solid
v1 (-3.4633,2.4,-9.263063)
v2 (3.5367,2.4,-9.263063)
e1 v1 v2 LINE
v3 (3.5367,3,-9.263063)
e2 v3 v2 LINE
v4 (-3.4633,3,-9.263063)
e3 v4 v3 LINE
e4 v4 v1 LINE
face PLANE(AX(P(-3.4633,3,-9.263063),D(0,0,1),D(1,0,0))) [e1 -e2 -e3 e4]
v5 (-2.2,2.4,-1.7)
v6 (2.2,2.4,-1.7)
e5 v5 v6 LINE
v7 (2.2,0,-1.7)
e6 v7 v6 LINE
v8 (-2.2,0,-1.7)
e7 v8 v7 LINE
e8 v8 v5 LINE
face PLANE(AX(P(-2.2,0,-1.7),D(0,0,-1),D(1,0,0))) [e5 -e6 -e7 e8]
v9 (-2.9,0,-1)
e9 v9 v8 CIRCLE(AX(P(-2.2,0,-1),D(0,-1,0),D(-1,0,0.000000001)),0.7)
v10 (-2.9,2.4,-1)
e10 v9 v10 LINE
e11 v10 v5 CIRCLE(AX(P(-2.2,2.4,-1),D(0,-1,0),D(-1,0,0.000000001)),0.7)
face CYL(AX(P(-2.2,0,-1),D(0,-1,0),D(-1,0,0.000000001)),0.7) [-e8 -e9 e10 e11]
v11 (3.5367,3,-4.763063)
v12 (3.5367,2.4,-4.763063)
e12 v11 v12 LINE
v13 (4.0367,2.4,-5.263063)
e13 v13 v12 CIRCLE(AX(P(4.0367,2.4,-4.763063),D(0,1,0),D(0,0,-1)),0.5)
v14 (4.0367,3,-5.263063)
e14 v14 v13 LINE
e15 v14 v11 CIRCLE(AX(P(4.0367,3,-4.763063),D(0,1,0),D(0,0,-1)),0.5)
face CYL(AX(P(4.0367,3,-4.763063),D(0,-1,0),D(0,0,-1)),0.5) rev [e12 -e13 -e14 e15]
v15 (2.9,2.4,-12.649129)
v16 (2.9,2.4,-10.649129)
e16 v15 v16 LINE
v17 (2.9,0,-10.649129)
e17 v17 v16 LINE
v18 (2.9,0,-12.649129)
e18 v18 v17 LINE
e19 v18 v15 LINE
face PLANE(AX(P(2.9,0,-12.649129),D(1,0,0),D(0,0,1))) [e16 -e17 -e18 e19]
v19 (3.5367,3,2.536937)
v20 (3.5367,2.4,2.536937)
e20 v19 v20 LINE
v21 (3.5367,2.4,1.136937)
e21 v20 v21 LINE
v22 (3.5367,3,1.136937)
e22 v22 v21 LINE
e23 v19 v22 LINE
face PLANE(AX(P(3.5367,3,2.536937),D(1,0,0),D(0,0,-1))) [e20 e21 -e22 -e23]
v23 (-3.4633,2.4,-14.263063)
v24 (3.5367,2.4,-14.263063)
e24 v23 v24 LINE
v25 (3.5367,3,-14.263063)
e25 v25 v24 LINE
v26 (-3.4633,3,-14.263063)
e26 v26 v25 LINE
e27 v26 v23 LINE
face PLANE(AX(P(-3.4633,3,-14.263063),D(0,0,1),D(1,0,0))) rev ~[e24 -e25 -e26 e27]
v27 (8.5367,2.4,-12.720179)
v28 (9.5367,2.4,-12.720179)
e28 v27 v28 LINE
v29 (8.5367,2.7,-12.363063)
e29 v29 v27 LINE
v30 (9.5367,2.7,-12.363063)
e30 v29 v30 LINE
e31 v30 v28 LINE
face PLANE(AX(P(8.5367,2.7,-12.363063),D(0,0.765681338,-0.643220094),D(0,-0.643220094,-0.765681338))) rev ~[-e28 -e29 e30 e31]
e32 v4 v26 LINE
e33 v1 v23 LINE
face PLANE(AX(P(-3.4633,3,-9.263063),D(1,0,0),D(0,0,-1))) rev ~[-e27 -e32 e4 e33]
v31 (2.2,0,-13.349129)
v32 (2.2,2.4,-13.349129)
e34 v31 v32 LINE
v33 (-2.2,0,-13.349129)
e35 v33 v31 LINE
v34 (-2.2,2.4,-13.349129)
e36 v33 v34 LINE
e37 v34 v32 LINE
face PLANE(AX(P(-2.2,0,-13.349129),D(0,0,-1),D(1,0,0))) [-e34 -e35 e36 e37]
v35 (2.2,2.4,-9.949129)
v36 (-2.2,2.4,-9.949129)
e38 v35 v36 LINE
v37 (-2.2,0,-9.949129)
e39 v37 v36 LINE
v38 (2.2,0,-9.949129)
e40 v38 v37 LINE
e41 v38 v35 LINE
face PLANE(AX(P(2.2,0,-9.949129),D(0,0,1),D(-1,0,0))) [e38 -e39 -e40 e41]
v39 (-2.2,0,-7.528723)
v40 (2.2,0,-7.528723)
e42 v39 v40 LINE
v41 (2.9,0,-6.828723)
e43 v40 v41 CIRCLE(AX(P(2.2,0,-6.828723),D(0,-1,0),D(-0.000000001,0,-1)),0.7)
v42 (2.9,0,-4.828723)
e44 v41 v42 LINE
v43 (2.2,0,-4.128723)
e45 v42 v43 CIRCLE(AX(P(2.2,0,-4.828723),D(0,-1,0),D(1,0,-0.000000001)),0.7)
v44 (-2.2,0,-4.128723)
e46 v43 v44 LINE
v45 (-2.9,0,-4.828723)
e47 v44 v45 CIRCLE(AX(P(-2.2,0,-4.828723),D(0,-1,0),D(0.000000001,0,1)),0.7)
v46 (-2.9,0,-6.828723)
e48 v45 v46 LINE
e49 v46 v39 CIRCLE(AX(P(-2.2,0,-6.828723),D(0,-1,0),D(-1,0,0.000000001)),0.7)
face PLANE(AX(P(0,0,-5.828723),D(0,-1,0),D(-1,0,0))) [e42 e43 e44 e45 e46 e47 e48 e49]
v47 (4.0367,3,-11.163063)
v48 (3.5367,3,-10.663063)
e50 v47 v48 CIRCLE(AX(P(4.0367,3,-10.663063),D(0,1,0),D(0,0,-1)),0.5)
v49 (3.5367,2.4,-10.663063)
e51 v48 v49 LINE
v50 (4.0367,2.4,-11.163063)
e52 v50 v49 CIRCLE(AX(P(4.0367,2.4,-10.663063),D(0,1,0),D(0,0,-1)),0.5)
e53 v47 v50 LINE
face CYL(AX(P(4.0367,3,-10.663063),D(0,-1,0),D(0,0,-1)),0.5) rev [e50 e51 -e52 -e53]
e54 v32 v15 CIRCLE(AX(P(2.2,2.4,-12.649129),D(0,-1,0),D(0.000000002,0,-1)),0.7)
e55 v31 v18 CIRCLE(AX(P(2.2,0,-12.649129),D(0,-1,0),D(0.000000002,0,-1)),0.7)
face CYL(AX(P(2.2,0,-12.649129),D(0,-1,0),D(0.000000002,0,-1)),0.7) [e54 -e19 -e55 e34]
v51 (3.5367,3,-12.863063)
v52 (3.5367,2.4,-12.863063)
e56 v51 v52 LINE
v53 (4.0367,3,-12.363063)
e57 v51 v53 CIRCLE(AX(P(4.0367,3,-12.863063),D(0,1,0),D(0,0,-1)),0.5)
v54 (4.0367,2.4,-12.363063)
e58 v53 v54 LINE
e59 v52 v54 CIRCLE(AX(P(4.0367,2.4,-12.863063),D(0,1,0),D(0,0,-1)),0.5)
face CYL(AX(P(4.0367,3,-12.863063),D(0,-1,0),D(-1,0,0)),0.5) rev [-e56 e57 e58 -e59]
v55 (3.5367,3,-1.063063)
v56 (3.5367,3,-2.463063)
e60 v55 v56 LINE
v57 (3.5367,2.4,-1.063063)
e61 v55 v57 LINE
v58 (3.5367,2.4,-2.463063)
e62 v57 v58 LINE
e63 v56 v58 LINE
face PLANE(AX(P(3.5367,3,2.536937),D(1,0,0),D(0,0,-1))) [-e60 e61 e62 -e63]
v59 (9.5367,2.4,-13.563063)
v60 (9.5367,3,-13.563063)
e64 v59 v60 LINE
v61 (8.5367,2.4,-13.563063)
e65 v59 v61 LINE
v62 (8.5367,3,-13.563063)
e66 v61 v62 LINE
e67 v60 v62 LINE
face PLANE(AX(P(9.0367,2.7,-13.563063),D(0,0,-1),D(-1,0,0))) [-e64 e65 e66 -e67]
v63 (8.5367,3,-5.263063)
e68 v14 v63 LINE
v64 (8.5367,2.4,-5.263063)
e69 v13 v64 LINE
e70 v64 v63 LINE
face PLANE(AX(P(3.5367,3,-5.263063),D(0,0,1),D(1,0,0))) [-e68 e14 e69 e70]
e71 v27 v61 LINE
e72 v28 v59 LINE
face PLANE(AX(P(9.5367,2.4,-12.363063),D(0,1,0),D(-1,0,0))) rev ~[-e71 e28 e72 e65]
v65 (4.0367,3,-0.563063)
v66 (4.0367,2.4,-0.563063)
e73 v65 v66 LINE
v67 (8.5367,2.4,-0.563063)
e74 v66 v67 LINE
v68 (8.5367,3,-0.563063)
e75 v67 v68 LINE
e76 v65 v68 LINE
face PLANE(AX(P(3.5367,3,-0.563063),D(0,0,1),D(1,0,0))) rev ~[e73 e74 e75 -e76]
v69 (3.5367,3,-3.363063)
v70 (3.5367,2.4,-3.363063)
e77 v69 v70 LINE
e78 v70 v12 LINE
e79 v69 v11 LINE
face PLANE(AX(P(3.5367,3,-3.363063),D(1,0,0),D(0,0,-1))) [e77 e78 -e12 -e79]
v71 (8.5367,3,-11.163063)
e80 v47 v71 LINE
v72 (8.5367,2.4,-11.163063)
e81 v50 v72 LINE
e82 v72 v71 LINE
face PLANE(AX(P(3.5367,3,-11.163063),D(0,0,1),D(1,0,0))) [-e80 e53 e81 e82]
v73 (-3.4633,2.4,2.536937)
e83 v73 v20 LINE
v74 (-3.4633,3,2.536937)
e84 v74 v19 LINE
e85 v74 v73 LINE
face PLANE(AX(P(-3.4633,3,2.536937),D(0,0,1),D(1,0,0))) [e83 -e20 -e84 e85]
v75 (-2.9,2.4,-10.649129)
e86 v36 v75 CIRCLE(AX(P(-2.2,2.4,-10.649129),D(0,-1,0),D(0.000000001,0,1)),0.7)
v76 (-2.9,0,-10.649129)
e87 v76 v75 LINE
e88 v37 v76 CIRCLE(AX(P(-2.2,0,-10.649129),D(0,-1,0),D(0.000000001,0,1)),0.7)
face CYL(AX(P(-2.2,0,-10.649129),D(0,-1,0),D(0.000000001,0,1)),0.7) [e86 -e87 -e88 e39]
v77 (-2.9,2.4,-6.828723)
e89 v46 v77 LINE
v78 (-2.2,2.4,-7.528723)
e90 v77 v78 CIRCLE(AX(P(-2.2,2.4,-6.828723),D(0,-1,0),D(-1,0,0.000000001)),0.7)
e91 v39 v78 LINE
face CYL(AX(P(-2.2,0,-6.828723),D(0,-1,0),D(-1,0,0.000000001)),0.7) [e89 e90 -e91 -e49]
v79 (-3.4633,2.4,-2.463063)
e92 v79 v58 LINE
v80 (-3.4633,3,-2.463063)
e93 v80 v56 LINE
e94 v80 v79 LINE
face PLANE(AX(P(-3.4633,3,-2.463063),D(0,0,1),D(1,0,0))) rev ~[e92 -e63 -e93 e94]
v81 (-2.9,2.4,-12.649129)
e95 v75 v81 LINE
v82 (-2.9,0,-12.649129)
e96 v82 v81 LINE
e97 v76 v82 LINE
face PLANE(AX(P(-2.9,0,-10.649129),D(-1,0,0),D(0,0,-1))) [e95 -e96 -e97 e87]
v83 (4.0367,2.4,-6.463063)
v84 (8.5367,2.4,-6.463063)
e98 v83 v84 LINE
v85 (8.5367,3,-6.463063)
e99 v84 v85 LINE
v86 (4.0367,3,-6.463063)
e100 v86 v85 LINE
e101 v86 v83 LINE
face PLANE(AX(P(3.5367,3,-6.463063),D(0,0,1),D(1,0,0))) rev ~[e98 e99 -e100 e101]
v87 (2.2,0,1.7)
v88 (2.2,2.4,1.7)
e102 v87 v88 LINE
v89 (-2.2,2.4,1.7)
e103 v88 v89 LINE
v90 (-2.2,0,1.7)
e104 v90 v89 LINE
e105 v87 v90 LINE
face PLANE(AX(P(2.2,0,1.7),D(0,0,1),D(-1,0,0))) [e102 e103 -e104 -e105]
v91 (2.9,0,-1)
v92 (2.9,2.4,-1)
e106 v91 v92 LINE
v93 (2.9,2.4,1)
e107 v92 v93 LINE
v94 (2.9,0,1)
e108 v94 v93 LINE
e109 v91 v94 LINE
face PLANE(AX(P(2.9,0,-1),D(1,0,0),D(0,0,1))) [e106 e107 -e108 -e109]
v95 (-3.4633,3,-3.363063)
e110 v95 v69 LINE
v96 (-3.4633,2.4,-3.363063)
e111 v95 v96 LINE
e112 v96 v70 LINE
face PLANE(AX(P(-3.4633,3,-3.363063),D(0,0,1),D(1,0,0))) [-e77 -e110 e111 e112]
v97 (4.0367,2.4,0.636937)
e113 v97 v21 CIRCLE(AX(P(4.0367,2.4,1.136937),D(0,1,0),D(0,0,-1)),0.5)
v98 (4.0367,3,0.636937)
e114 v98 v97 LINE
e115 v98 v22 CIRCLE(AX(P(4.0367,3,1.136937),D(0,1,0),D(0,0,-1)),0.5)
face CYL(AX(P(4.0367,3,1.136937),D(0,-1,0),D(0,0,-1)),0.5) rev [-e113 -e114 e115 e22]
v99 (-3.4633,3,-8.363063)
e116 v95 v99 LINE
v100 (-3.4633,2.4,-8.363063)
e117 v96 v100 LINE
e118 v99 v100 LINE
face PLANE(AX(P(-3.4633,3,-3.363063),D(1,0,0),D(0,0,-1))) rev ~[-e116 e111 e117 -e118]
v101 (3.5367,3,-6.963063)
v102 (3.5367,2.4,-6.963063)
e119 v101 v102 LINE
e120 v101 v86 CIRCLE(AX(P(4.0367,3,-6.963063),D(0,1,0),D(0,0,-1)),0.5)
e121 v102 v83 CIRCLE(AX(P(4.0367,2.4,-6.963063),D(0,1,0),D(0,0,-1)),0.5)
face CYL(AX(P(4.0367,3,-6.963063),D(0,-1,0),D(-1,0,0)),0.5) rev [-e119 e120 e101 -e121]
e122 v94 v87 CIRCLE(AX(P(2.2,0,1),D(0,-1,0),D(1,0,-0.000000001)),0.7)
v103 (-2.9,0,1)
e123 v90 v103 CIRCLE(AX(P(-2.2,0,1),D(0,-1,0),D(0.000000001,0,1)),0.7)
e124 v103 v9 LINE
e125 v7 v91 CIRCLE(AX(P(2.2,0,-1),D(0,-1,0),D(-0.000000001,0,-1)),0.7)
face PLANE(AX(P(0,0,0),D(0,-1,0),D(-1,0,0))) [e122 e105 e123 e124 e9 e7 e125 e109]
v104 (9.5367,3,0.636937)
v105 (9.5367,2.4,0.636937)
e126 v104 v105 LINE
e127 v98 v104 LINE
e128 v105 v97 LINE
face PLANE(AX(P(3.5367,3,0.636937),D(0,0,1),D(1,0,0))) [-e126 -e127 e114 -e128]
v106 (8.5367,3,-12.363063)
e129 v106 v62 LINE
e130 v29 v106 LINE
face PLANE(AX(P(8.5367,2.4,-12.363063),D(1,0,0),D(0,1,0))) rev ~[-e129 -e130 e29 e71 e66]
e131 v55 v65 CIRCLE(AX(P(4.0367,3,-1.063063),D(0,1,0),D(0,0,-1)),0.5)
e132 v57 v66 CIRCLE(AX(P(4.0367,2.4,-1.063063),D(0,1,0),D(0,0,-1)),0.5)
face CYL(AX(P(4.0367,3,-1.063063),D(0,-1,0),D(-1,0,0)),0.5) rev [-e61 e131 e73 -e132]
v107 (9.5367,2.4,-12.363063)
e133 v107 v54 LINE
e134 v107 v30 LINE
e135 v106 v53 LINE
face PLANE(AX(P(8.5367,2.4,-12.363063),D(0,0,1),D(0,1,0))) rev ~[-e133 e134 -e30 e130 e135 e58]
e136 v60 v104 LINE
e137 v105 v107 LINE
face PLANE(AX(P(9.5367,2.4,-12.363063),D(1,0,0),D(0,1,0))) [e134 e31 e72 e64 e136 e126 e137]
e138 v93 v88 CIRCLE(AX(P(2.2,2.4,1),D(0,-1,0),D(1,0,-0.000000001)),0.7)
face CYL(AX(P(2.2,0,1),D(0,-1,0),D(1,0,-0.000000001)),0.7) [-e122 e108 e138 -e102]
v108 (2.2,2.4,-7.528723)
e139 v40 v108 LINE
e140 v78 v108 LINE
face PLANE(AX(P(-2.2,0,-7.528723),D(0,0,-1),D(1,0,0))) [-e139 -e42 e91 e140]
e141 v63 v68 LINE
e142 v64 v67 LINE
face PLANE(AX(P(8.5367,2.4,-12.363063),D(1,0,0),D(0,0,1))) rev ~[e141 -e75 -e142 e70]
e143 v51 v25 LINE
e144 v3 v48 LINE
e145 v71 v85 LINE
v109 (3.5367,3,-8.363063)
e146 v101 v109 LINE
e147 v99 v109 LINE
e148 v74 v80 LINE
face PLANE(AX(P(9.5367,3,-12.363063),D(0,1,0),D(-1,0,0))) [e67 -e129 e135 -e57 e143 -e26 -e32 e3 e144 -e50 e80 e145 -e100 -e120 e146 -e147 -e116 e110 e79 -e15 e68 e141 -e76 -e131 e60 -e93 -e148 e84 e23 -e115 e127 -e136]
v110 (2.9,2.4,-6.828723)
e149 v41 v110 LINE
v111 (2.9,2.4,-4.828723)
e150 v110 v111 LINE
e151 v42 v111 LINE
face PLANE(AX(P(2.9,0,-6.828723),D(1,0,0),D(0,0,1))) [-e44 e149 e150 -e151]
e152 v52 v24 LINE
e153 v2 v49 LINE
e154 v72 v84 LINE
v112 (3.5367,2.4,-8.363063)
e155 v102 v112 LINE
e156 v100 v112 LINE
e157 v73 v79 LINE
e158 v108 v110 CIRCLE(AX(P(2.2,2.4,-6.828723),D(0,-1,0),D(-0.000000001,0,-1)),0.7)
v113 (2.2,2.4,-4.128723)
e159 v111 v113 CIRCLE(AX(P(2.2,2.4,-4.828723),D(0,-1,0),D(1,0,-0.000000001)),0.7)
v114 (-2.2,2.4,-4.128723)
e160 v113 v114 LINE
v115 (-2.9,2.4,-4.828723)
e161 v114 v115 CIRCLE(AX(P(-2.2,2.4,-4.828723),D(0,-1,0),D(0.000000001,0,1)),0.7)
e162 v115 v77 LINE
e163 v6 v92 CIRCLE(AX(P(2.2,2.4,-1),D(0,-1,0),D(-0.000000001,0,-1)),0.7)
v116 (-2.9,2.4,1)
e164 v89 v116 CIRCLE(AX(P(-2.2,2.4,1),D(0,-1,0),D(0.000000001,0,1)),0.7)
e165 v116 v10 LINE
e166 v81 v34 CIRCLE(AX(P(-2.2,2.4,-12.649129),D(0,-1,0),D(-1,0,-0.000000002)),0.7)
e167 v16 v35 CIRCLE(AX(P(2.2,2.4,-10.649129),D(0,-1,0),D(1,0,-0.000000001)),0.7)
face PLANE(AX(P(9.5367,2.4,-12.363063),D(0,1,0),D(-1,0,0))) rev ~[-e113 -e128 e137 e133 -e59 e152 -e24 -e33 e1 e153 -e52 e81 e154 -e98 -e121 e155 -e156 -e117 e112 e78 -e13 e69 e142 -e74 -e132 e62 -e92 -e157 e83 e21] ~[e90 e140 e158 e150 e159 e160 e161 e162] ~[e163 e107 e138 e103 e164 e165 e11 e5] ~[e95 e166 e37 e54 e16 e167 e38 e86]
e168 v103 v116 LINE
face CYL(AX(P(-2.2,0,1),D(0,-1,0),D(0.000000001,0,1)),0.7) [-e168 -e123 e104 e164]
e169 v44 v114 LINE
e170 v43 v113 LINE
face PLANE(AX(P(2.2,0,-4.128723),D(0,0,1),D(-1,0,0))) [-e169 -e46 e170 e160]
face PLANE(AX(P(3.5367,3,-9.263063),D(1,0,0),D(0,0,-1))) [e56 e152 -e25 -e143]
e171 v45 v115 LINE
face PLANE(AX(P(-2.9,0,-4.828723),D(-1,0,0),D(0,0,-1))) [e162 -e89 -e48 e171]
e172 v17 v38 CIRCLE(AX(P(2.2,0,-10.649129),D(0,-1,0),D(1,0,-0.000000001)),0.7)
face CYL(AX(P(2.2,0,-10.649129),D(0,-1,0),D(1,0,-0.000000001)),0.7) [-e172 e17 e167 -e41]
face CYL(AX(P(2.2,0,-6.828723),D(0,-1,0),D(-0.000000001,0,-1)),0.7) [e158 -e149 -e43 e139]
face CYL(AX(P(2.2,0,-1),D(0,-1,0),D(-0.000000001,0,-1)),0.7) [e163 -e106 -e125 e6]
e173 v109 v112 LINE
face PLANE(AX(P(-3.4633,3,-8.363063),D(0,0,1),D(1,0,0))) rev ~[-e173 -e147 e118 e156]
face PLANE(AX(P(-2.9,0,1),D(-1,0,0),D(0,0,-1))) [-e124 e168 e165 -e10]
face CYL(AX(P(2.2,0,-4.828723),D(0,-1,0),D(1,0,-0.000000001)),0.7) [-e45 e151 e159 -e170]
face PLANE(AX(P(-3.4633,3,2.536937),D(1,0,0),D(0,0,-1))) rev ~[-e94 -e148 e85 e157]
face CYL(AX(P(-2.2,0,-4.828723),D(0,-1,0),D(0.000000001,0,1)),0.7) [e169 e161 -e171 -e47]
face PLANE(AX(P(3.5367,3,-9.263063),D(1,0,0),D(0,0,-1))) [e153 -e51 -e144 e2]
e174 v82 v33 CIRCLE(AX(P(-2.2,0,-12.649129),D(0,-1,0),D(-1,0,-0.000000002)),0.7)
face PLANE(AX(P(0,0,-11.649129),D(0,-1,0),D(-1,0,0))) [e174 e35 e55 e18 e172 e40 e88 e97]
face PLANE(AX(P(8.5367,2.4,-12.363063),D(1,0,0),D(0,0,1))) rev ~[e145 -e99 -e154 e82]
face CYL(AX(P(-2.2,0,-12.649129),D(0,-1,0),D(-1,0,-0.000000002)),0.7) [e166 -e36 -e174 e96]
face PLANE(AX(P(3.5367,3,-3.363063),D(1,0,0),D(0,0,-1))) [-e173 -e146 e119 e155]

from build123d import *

# Parameters (mm, degrees)
EXTRUDE_1_DEPTH     = 3
EXTRUDE_1_2_DEPTH   = 3
EXTRUDE_1_3_DEPTH   = 3
SKETCH_2_W          = 7
SKETCH_2_H          = 5
EXTRUDE_2_DEPTH     = 0.6
SKETCH_3_W          = 6
SKETCH_3_H          = 1.2
EXTRUDE_3_DEPTH     = 0.6
SKETCH_4_W          = 1
SKETCH_4_H          = 13
EXTRUDE_4_DEPTH     = 0.6
FILLET_1_R          = 0.5
SKETCH_5_W          = 1
SKETCH_5_H          = 0.6
EXTRUDE_5_DEPTH     = 1.2
CUT_EXTRUDE_1_DEPTH = 1


with BuildPart() as part:
    # 草图1 → 凸台-拉伸1 (new body)
    with BuildSketch(Plane(origin=(0, 0, 0), x_dir=(1, 0, 0), z_dir=(0, 1, 0))):
        with BuildLine():
            Line((-2.2, 1.7), (2.2, 1.7))
            ThreePointArc((2.2, 1.7), (2.694974747, 1.494974747), (2.9, 1))
            Line((2.9, 1), (2.9, -1))
            ThreePointArc((2.9, -1), (2.694974747, -1.494974747), (2.2, -1.7))
            Line((2.2, -1.7), (-2.2, -1.7))
            ThreePointArc((-2.2, -1.7), (-2.694974747, -1.494974747), (-2.9, -1))
            Line((-2.9, -1), (-2.9, 1))
            ThreePointArc((-2.9, 1), (-2.694974747, 1.494974747), (-2.2, 1.7))
        make_face()
    extrude(amount=EXTRUDE_1_DEPTH)



with BuildPart() as body_2:
    # 草图1 → Extrude 1 2 (new body)
    with BuildSketch(Plane(origin=(0, 0, 0), x_dir=(1, 0, 0), z_dir=(0, 1, 0))):
        with BuildLine():
            Line((-2.2, 7.528722779), (2.2, 7.528722779))
            ThreePointArc((2.2, 7.528722779), (2.694974747, 7.323697526), (2.9, 6.828722779))
            Line((2.9, 6.828722779), (2.9, 4.828722779))
            ThreePointArc((2.9, 4.828722779), (2.694974747, 4.333748032), (2.2, 4.128722779))
            Line((2.2, 4.128722779), (-2.2, 4.128722779))
            ThreePointArc((-2.2, 4.128722779), (-2.694974747, 4.333748032), (-2.9, 4.828722779))
            Line((-2.9, 4.828722779), (-2.9, 6.828722779))
            ThreePointArc((-2.9, 6.828722779), (-2.694974747, 7.323697526), (-2.2, 7.528722779))
        make_face()
    extrude(amount=EXTRUDE_1_2_DEPTH)


with BuildPart() as body_3:
    # 草图1 → Extrude 1 3 (new body)
    with BuildSketch(Plane(origin=(0, 0, 0), x_dir=(1, 0, 0), z_dir=(0, 1, 0))):
        with BuildLine():
            Line((-2.2, 13.349128593), (2.2, 13.349128593))
            ThreePointArc((2.2, 13.349128593), (2.694974747, 13.144103339), (2.9, 12.649128593))
            Line((2.9, 12.649128593), (2.9, 10.649128593))
            ThreePointArc((2.9, 10.649128593), (2.694974747, 10.154153846), (2.2, 9.949128593))
            Line((2.2, 9.949128593), (-2.2, 9.949128593))
            ThreePointArc((-2.2, 9.949128593), (-2.694974747, 10.154153846), (-2.9, 10.649128593))
            Line((-2.9, 10.649128593), (-2.9, 12.649128593))
            ThreePointArc((-2.9, 12.649128593), (-2.694974747, 13.144103339), (-2.2, 13.349128593))
        make_face()
    extrude(amount=EXTRUDE_1_3_DEPTH)


with BuildPart() as part_1:
    add(part.part)

    add(body_2.part)  # 凸台-拉伸2 merges body 2

    add(body_3.part)  # 凸台-拉伸2 merges body 3
    # 草图2 → 凸台-拉伸2 (add)
    with BuildSketch(Plane(origin=(0, 3, 0), x_dir=(1, 0, 0), z_dir=(0, 1, 0))):
        with Locations((0.036699987, 11.763062551)):
            Rectangle(SKETCH_2_W, SKETCH_2_H)
        with Locations((0.036699987, 5.863062551)):
            Rectangle(SKETCH_2_W, SKETCH_2_H)
        with Locations((0.036699987, -0.036937449)):
            Rectangle(SKETCH_2_W, SKETCH_2_H)
    extrude(amount=-EXTRUDE_2_DEPTH)

    # 草图3 → 凸台-拉伸3 (add)
    with BuildSketch(Plane(origin=(0, 3, 0), x_dir=(1, 0, 0), z_dir=(0, 1, 0))):
        with Locations((6.536699987, 11.763062551)):
            Rectangle(SKETCH_3_W, SKETCH_3_H)
        with Locations((6.536699987, 5.863062551)):
            Rectangle(SKETCH_3_W, SKETCH_3_H)
        with Locations((6.536699987, -0.036937449)):
            Rectangle(SKETCH_3_W, SKETCH_3_H)
    extrude(amount=-EXTRUDE_3_DEPTH)

    # 草图4 → 凸台-拉伸4 (add)
    with BuildSketch(Plane.XZ.offset(-2.4)):
        with Locations((9.036699987, -5.863062551)):
            Rectangle(SKETCH_4_W, SKETCH_4_H)
    extrude(amount=-EXTRUDE_4_DEPTH)

    # 圆角1
    fillet_1_edges = [part_1.edges().sort_by_distance(p)[0] for p in [
        (3.536699987, 2.7, -11.163062551),
        (3.536699987, 2.7, -12.363062551),
        (3.536699987, 2.7, 0.636937449),
        (3.536699987, 2.7, -0.563062551),
        (3.536699987, 2.7, -5.263062551),
        (3.536699987, 2.7, -6.463062551),
    ]]
    fillet(fillet_1_edges, radius=FILLET_1_R)

    # 草图5 → 凸台-拉伸5 (add)
    with BuildSketch(Plane(origin=(0, 0, -12.363062551), x_dir=(-1, 0, 0), z_dir=(0, 0, -1))):
        with Locations((-9.036699987, 2.7)):
            Rectangle(SKETCH_5_W, SKETCH_5_H)
    extrude(amount=EXTRUDE_5_DEPTH)

    # 草图6 → 切除-拉伸1 (cut)
    with BuildSketch(Plane.ZY.offset(-8.536699987)):
        Polygon((-12.363062551, 2.4), (-12.363062551, 2.7), (-12.720178884, 2.4), align=None)
    extrude(amount=-CUT_EXTRUDE_1_DEPTH, mode=Mode.SUBTRACT)


solid = part_1.part
